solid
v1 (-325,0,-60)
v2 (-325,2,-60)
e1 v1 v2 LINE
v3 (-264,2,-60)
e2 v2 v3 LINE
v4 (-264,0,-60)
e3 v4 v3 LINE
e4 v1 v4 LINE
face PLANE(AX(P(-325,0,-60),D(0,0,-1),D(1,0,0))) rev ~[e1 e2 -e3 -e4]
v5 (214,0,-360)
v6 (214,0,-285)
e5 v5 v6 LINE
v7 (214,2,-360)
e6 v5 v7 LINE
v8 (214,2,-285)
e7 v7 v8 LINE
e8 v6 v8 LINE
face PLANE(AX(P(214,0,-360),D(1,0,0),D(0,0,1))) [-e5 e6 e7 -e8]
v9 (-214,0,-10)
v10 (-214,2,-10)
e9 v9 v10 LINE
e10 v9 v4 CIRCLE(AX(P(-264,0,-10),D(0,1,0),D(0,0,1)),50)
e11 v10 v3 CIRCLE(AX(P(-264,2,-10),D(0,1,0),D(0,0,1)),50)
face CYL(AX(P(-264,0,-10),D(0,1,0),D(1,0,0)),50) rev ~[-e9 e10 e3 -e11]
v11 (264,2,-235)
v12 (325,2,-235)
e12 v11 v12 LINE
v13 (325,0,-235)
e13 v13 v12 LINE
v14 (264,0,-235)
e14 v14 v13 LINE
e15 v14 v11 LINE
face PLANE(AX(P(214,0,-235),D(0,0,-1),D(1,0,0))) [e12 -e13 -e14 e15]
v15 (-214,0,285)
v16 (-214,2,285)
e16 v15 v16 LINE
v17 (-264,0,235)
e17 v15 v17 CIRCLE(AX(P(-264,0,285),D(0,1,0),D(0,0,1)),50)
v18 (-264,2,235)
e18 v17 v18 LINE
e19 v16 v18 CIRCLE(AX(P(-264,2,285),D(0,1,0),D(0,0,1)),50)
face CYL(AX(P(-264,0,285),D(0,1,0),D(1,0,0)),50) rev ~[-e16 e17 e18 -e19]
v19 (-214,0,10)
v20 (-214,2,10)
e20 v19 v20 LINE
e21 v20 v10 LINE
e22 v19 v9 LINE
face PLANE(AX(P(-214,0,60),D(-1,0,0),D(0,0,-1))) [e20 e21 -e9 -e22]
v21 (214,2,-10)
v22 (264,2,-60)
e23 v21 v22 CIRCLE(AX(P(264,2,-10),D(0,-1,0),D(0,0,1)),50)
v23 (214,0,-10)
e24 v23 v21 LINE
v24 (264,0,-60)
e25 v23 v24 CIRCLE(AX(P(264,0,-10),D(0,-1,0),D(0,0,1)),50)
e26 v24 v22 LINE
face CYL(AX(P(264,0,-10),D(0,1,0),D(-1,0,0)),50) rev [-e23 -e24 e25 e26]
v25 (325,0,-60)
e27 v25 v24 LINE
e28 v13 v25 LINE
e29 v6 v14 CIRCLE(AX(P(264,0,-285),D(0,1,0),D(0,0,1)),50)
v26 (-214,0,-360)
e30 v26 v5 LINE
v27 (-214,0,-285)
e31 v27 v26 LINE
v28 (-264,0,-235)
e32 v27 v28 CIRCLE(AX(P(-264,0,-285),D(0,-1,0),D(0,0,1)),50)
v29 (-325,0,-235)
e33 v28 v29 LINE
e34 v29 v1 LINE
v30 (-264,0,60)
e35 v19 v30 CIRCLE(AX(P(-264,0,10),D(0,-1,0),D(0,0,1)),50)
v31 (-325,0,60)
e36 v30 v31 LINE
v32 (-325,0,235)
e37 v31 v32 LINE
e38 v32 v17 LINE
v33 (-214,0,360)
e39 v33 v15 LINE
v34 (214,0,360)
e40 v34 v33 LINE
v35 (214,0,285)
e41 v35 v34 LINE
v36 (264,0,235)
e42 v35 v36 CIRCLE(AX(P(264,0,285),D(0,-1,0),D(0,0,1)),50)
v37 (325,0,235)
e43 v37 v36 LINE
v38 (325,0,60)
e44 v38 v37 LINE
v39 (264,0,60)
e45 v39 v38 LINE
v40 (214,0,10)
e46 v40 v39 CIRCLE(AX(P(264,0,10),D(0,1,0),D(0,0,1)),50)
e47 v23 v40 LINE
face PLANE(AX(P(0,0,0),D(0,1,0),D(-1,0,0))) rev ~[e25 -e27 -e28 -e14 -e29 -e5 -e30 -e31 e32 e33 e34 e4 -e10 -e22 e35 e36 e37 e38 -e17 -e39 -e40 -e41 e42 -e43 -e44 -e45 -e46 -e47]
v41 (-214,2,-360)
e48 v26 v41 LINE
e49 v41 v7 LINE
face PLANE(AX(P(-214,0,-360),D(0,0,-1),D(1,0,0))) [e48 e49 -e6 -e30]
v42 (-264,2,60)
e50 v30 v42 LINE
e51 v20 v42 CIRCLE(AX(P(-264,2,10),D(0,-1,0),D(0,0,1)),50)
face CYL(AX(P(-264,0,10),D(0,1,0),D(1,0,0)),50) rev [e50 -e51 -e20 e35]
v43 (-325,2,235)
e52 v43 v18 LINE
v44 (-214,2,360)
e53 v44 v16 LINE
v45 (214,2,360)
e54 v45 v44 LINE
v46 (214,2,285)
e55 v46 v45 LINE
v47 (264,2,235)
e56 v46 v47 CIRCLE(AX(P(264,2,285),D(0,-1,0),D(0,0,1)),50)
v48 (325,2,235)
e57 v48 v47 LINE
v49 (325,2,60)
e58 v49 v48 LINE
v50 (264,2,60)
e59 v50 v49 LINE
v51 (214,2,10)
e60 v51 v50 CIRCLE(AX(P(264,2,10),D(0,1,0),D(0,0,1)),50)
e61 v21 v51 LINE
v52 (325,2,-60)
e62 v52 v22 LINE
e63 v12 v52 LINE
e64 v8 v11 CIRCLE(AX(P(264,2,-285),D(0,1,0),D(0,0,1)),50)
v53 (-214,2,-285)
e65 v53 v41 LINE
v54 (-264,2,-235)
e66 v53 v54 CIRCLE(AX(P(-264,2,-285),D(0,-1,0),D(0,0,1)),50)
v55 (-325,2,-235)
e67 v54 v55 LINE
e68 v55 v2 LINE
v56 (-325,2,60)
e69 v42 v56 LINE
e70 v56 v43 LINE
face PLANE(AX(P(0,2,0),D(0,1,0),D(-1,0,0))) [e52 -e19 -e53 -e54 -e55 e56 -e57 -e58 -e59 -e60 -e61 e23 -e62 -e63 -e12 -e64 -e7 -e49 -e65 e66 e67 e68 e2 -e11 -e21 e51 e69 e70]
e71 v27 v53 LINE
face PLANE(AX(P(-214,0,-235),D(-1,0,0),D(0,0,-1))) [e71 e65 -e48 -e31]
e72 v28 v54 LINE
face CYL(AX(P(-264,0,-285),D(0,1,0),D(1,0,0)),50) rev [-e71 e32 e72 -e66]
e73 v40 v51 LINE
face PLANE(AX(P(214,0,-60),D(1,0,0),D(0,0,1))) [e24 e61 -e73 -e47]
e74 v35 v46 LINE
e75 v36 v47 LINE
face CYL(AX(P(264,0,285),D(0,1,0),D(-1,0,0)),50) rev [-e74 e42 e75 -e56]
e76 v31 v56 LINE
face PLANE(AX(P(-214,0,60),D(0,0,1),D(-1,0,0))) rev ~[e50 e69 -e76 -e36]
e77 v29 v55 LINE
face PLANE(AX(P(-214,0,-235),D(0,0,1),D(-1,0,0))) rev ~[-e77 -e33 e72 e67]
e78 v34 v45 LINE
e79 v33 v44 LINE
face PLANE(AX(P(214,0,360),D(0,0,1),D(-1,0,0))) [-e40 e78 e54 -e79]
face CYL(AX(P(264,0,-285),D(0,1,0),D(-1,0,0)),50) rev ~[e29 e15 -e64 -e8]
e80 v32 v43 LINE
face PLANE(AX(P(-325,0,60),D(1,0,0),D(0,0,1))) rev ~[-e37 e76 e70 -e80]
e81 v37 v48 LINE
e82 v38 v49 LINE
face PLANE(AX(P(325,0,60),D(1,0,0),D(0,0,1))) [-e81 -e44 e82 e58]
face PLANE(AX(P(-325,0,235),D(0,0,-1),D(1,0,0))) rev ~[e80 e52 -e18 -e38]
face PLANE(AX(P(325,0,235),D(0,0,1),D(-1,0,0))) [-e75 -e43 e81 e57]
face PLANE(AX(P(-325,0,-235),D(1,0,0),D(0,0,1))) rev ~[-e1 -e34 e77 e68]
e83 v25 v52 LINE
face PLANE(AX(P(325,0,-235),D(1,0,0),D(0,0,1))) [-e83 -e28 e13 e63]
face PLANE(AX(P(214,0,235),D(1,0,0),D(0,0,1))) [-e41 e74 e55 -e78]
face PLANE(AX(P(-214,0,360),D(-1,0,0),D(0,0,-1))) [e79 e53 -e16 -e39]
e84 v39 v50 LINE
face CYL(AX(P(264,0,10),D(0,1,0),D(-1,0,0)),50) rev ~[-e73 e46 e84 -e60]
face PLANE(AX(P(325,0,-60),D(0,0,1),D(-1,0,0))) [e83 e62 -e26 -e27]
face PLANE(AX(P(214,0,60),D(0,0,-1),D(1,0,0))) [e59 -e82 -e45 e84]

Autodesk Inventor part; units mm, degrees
ref_plane "YZ Plane" through (0, 0, 0) normal (1, 0, 0) x (0, 1, 0)
ref_plane "XZ Plane" through (0, 0, 0) normal (0, 1, 0) x (-1, 0, 0)
ref_plane "XY Plane" through (0, 0, 0) normal (0, 0, 1) x (1, 0, 0)
sketch "Sketch1" plane through (0, 0, 0) normal (0, 1, 0) x (-1, 0, 0)
  line L0 (-214, 360) -> (214, 360)
  line L1 (214, 360) -> (214, -360)
  line L2 (214, -360) -> (-214, -360)
  line L3 (-214, -360) -> (-214, 360)
  line L4 (-214, 360) -> (214, -360) construction
  line L5 (214, 360) -> (-214, -360) construction
  line L6 (214, -235) -> (325, -235)
  line L7 (325, -235) -> (325, -60)
  line L8 (325, -60) -> (214, -60)
  line L9 (214, -60) -> (214, -235)
  line L10 (214, 60) -> (325, 60)
  line L11 (325, 60) -> (325, 235)
  line L12 (325, 235) -> (214, 235)
  line L13 (214, 235) -> (214, 60)
  line L14 (0, 360) -> (0, 260) construction
  line L15 (0, 360) -> (100, 360) construction
  line L16 (-214, -235) -> (-325, -235)
  line L17 (-325, -235) -> (-325, -60)
  line L18 (-325, -60) -> (-214, -60)
  line L19 (-214, 60) -> (-325, 60)
  line L20 (-325, 60) -> (-325, 235)
  line L21 (-325, 235) -> (-214, 235)
  line L22 (-214, 235) -> (-214, 60)
  line L23 (-214, -60) -> (-214, -235)
  point P0 (0, 0)
  dimension "d0" = 720
  dimension "d1" = 428
  dimension "d4" = 111
  dimension "d5" = 175
  dimension "d6" = 125
  dimension "d7" = 111
  dimension "d8" = 175
  dimension "d9" = 125
  dimension "d10" = 100
  dimension "d11" = 90
extrude "Extrusion1" add sketch "Sketch1" along normal blind 2
fillet "Fillet1" radius 50 8 edges at (214, 1, -235) (214, 1, -60) (214, 1, 60) (214, 1, 235) (-214, 1, 60) (-214, 1, -60) (-214, 1, -235) (-214, 1, 235)
properties part number "Bottom Mounting Plate" material "Polycarbonate, Smoke"
